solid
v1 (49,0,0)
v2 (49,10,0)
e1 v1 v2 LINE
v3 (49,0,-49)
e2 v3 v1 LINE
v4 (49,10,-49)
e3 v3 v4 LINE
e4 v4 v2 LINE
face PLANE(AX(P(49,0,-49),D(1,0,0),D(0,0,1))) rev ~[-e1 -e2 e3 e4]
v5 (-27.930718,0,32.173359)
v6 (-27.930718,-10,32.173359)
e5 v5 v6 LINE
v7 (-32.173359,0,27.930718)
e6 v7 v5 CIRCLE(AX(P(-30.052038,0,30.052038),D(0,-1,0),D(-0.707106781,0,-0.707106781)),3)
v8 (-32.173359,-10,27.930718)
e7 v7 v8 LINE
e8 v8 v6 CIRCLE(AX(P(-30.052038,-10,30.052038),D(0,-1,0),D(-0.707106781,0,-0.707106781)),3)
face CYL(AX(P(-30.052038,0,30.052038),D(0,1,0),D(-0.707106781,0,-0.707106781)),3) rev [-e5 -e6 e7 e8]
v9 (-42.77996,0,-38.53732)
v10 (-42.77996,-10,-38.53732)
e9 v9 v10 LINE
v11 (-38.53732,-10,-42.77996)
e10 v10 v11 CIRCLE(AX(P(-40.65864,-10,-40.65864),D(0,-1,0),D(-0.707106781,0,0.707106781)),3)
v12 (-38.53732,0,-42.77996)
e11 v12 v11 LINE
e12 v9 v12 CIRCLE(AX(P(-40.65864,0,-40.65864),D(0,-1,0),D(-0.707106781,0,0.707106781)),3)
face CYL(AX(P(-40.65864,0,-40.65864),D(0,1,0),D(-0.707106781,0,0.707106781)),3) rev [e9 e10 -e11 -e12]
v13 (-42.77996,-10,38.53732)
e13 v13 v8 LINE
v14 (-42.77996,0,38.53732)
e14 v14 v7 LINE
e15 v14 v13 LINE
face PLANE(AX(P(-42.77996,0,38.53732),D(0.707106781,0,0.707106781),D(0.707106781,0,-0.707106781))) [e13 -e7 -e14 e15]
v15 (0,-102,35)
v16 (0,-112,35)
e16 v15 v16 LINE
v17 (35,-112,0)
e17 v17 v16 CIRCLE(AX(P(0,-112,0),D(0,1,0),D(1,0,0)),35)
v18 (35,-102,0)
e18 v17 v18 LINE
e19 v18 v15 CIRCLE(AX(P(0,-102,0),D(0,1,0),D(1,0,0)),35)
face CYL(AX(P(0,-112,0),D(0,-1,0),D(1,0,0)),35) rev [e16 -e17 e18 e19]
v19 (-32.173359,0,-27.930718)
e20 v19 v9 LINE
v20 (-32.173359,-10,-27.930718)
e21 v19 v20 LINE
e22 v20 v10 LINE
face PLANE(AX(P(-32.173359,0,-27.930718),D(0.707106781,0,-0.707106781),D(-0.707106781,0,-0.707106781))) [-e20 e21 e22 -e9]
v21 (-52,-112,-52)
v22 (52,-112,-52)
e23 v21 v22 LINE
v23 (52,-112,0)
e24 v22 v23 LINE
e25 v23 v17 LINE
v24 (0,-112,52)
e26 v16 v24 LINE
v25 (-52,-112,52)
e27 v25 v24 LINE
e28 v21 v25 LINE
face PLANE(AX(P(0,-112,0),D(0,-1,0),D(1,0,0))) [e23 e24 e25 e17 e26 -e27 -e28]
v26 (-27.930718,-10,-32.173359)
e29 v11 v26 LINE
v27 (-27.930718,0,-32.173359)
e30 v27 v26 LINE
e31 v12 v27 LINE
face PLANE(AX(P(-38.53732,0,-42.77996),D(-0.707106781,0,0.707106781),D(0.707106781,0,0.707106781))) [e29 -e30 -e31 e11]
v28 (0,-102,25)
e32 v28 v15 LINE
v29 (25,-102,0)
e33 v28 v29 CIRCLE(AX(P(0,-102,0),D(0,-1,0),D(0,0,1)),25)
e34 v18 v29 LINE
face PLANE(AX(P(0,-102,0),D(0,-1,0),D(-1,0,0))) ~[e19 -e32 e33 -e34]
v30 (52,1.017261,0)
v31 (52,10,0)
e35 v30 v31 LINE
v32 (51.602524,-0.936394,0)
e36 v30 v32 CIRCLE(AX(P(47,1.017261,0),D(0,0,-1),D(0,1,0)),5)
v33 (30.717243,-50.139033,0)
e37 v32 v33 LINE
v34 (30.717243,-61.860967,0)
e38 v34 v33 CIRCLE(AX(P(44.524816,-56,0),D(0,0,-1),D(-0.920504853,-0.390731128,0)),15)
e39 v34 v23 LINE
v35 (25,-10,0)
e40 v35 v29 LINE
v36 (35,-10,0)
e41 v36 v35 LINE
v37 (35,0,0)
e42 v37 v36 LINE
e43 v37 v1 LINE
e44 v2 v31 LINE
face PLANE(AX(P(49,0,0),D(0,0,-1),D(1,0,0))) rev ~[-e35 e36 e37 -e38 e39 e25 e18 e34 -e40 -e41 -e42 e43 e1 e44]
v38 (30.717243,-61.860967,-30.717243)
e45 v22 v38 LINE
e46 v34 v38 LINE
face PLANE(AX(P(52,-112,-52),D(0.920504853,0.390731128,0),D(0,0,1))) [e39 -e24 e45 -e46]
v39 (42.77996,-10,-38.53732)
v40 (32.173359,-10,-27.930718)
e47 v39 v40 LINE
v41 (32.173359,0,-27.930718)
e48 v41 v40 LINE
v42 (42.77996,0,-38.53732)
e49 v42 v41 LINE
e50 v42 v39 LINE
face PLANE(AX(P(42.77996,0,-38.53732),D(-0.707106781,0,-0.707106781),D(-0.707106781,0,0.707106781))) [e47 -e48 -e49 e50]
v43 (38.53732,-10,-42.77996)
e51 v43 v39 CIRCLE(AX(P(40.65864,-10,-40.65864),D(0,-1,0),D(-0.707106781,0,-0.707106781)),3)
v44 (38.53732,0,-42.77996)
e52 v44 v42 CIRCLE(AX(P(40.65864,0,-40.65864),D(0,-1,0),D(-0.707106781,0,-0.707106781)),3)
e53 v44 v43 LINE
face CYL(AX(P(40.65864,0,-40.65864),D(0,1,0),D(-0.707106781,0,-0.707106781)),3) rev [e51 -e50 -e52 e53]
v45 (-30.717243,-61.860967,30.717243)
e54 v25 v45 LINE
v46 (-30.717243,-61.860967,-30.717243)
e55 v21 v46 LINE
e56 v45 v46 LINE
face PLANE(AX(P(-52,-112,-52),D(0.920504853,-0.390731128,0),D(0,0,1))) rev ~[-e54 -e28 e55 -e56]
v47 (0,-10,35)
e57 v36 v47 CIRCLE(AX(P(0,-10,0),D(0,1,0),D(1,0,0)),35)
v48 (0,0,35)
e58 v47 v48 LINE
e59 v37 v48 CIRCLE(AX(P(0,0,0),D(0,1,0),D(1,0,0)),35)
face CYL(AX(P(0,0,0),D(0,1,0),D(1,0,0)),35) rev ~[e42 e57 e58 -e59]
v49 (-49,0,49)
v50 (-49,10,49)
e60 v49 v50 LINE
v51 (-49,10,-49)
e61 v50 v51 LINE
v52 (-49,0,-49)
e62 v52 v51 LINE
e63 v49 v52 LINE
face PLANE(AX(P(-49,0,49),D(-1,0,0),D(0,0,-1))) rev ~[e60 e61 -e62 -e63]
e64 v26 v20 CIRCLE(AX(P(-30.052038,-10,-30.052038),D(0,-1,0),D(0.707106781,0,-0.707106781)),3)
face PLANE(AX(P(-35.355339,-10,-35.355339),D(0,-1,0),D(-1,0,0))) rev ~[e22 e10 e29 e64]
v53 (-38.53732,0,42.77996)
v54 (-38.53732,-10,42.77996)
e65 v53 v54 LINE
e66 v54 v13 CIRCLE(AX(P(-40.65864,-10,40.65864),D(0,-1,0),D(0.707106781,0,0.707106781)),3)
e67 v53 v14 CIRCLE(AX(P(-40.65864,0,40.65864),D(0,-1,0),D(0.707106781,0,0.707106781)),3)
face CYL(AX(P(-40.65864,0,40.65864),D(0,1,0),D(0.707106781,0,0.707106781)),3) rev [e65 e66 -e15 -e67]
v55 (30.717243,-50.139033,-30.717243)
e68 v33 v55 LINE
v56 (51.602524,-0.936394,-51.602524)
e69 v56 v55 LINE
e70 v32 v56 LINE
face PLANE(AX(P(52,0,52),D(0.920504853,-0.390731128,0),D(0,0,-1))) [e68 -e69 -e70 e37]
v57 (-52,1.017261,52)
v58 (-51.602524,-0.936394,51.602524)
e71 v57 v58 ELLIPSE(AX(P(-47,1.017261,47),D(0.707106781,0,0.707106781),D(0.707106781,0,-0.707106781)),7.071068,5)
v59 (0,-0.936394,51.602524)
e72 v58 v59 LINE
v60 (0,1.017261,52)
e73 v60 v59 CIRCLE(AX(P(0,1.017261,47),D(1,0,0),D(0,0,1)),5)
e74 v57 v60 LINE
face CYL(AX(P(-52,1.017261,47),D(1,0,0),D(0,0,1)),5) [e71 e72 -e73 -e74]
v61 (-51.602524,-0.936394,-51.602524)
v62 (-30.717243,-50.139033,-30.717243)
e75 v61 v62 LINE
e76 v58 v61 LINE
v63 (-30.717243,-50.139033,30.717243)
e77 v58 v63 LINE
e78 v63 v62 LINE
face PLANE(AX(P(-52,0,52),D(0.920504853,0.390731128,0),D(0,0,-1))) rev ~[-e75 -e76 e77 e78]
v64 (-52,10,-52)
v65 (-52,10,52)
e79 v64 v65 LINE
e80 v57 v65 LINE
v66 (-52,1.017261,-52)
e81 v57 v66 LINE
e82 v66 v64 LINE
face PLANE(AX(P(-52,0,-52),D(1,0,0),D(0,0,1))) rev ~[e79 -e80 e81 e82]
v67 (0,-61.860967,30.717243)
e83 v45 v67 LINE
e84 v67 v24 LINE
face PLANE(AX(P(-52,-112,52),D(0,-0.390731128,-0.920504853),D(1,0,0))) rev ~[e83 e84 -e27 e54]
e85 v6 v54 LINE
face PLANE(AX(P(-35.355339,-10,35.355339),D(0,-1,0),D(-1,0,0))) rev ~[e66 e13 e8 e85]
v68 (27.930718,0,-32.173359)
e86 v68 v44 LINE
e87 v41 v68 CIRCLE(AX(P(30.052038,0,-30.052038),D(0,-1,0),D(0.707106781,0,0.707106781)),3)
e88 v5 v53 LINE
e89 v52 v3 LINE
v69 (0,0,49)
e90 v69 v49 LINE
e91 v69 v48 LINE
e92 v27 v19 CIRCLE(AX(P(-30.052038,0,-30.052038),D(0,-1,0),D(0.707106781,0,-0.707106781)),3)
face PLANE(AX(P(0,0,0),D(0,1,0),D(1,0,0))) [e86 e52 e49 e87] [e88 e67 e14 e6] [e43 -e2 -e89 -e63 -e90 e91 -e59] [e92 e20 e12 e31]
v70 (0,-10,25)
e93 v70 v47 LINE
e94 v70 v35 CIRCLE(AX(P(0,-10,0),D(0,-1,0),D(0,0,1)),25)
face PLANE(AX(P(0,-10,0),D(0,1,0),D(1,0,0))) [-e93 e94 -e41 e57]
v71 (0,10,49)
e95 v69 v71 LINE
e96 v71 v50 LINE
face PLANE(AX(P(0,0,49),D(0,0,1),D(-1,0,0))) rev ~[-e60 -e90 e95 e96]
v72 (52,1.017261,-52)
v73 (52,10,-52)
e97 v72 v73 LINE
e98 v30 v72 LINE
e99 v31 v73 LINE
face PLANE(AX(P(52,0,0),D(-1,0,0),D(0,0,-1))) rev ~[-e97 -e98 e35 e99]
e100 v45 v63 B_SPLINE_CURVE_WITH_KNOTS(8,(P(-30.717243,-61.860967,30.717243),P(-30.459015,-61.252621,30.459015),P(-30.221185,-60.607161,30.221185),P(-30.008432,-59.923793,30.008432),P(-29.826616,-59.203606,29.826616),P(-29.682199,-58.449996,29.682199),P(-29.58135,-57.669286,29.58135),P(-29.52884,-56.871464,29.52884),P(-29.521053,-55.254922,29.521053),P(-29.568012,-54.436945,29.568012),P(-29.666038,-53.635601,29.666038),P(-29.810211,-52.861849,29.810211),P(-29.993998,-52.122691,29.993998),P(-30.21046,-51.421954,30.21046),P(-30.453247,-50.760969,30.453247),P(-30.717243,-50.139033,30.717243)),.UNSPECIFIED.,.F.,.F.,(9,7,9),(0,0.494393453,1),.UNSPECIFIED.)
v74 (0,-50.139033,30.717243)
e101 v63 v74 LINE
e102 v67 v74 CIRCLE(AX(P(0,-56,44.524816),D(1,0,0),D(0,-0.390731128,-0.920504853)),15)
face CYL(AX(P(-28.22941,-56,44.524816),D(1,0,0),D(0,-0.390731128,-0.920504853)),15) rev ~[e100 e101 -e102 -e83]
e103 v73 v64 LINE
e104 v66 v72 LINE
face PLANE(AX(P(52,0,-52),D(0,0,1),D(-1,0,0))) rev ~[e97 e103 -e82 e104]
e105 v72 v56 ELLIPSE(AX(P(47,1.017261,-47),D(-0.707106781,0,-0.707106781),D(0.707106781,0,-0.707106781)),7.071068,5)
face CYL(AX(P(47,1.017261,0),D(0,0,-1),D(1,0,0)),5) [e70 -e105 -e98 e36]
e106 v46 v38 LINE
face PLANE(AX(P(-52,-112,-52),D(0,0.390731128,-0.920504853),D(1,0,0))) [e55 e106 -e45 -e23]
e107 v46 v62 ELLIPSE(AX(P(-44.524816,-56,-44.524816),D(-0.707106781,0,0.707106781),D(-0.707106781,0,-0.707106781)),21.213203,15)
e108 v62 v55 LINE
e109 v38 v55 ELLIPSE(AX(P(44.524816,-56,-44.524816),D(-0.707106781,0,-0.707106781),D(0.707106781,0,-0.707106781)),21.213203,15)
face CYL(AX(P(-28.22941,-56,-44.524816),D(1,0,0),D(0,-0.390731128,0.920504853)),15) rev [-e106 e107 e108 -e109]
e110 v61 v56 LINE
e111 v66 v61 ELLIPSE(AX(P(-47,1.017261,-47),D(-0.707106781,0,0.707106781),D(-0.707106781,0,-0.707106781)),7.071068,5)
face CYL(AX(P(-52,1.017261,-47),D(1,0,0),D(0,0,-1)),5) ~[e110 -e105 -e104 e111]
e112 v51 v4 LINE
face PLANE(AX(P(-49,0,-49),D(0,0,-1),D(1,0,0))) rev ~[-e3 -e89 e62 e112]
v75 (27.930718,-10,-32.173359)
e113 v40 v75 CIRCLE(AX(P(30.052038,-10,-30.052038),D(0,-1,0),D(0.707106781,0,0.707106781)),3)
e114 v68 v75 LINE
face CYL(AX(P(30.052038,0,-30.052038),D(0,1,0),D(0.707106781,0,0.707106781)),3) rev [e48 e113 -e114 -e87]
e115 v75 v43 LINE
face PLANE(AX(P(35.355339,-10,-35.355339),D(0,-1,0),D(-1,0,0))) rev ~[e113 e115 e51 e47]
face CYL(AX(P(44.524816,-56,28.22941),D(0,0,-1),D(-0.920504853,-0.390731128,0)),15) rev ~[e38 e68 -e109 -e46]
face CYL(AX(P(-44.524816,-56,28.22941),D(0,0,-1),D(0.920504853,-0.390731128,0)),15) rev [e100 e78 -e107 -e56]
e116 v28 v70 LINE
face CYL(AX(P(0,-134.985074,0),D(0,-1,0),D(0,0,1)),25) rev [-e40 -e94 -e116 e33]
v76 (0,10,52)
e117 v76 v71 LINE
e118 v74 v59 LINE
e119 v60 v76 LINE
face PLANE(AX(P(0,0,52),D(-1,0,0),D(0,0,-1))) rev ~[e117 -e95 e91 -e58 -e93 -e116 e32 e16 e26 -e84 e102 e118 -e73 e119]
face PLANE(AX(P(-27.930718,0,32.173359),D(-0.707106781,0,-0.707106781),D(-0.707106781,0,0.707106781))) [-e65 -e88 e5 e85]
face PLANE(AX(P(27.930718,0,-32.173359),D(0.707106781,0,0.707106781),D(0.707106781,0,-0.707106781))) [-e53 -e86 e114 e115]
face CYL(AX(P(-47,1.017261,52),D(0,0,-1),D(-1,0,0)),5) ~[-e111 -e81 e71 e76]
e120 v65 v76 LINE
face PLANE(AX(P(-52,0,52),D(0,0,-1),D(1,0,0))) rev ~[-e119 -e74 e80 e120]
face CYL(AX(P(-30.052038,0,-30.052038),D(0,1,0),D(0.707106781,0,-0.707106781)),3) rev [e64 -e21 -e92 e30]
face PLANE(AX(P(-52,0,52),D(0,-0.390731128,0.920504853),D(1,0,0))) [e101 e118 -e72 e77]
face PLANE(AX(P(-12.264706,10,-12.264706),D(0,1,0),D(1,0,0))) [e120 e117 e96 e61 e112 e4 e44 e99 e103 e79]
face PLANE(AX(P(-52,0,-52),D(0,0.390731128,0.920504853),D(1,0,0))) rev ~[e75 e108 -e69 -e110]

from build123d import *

# Parameters (mm, degrees)
ESQUISSE1_W                  = 104
ESQUISSE1_H                  = 104
BOSS_EXTRU_2_DEPTH           = 56
BOSS_EXTRU_2_DRAFT           = -23
SYM_TRIE1_COPY_1_SKETCH_W    = 104
SYM_TRIE1_COPY_1_SKETCH_H    = 104
SYM_TRIE1_COPY_1_DEPTH       = 56
SYM_TRIE1_COPY_1_DRAFT       = -23
ENL_V_MAT_EXTRU_1_DEPTH      = 134.985073796
ENL_V_MAT_EXTRU_1_DEPTH_BACK = 134.985073796
ESQUISSE2_R                  = 25
CONG_1_R                     = 15
ESQUISSE3_W                  = 52
ESQUISSE3_H                  = 52
ENL_V_MAT_EXTRU_2_DEPTH      = 134.985073796
ESQUISSE4_R                  = 35
ENL_V_MAT_EXTRU_3_DEPTH      = 10
BOSS_EXTRU_3_DEPTH           = 10
CONG_2_R                     = 5
ENL_V_MAT_EXTRU_4_DEPTH      = 10


with BuildPart() as part:
    # Esquisse1 → Boss.-Extru.2 (with draft: the straight prism first)
    with BuildSketch(Plane(origin=(0, 0, 0), x_dir=(1, 0, 0), z_dir=(0, 1, 0))):
        Rectangle(ESQUISSE1_W, ESQUISSE1_H)
    extrude(amount=-BOSS_EXTRU_2_DEPTH)
    # Boss.-Extru.2: the draft: its side faces are tilted about the plane it starts from
    boss_extru_2_sides = [part.faces().sort_by_distance(p)[0] for p in [
        (-52, -28, 0),
        (0, -28, 52),
        (52, -28, 0),
        (0, -28, -52),
    ]]
    draft(boss_extru_2_sides, Plane(origin=(0, 0, 0), x_dir=(1, 0, 0), z_dir=(0, 1, 0)), BOSS_EXTRU_2_DRAFT)


with BuildPart() as sym_trie1_copy_1_tool:
    # Symétrie1 copy 1 sketch → Symétrie1 copy 1 (with draft: the straight prism first)
    with BuildSketch(Plane.XZ.offset(112)):
        Rectangle(SYM_TRIE1_COPY_1_SKETCH_W, SYM_TRIE1_COPY_1_SKETCH_H)
    extrude(amount=-SYM_TRIE1_COPY_1_DEPTH)
    # Symétrie1 copy 1: the draft: its side faces are tilted about the plane it starts from
    sym_trie1_copy_1_sides = [sym_trie1_copy_1_tool.faces().sort_by_distance(p)[0] for p in [
        (-52, -84, 0),
        (0, -84, 52),
        (52, -84, 0),
        (0, -84, -52),
    ]]
    draft(sym_trie1_copy_1_sides, Plane.XZ.offset(112), SYM_TRIE1_COPY_1_DRAFT)


with BuildPart() as part_1:
    add(part.part)

    # Symétrie1 copy 1: add sym_trie1_copy_1_tool
    add(sym_trie1_copy_1_tool.part)

    # Esquisse2 → Enlèv. mat.-Extru.1 (cut, two sides: drawn at the far end of the back side and taken through both)
    with BuildSketch(Plane(origin=(0, 0, 0), x_dir=(1, 0, 0), z_dir=(0, 1, 0)).offset(-ENL_V_MAT_EXTRU_1_DEPTH_BACK)):
        with Locations(Location((0, 0, 0), (0, 0, 270))):
            Circle(ESQUISSE2_R)
    extrude(amount=ENL_V_MAT_EXTRU_1_DEPTH + ENL_V_MAT_EXTRU_1_DEPTH_BACK, mode=Mode.SUBTRACT)

    # Congé1
    cong_1_edges = [part_1.edges().sort_by_distance(p)[0] for p in [
        (-28.229410292, -56, 0),
        (0, -56, 28.229410292),
        (28.229410292, -56, 0),
        (0, -56, -28.229410292),
    ]]
    fillet(cong_1_edges, radius=CONG_1_R)

    # Esquisse3 → Enlèv. mat.-Extru.2 (cut, through all)
    with BuildSketch(Plane(origin=(0, 0, 0), x_dir=(1, 0, 0), z_dir=(0, 1, 0))):
        with Locations((26, -26)):
            Rectangle(ESQUISSE3_W, ESQUISSE3_H)
    extrude(amount=-ENL_V_MAT_EXTRU_2_DEPTH, mode=Mode.SUBTRACT)

    # Esquisse4 → Enlèv. mat.-Extru.3 (cut)
    with BuildSketch(Plane(origin=(0, 0, 0), x_dir=(1, 0, 0), z_dir=(0, 1, 0))):
        Circle(ESQUISSE4_R)
    enl_v_mat_extru_3 = extrude(amount=-ENL_V_MAT_EXTRU_3_DEPTH, mode=Mode.SUBTRACT)

    # Symétrie2: Enlèv. mat.-Extru.3 across plane
    add(enl_v_mat_extru_3.mirror(Plane.ZX.offset(-56)), mode=Mode.SUBTRACT)

    # Esquisse7 → Boss.-Extru.3 (add)
    with BuildSketch(Plane(origin=(0, 0, 0), x_dir=(1, 0, 0), z_dir=(0, 1, 0))):
        Polygon((-52, -52), (0, -52), (0, -49), (-49, -49), (-49, 49), (49, 49), (49, 0), (52, 0), (52, 52), (-52, 52), align=None)
    extrude(amount=BOSS_EXTRU_3_DEPTH)

    # Congé2
    cong_2_edges = [part_1.edges().sort_by_distance(p)[0] for p in [
        (-26, 0, 52),
        (-52, 0, 0),
        (0, 0, -52),
        (52, 0, -26),
    ]]
    fillet(cong_2_edges, radius=CONG_2_R)

    # Esquisse8 → Enlèv. mat.-Extru.4 (cut)
    with BuildSketch(Plane(origin=(0, 0, 0), x_dir=(1, 0, 0), z_dir=(0, 1, 0))):
        with BuildLine():
            Line((-38.537319575, 42.779960262), (-27.930717857, 32.173358544))
            ThreePointArc((-27.930717857, 32.173358544), (-27.930717857, 27.930717857), (-32.173358544, 27.930717857))
            Line((-32.173358544, 27.930717857), (-42.779960262, 38.537319575))
            ThreePointArc((-42.779960262, 38.537319575), (-42.779960262, 42.779960262), (-38.537319575, 42.779960262))
        make_face()
        with BuildLine():
            Line((42.779960262, 38.537319575), (32.173358544, 27.930717857))
            ThreePointArc((32.173358544, 27.930717857), (27.930717857, 27.930717857), (27.930717857, 32.173358544))
            Line((27.930717857, 32.173358544), (38.537319575, 42.779960262))
            ThreePointArc((38.537319575, 42.779960262), (42.779960262, 42.779960262), (42.779960262, 38.537319575))
        make_face()
        with BuildLine():
            Line((38.537319575, -42.779960262), (27.930717857, -32.173358544))
            ThreePointArc((27.930717857, -32.173358544), (27.930717857, -27.930717857), (32.173358544, -27.930717857))
            Line((32.173358544, -27.930717857), (42.779960262, -38.537319575))
            ThreePointArc((42.779960262, -38.537319575), (42.779960262, -42.779960262), (38.537319575, -42.779960262))
        make_face()
        with BuildLine():
            Line((-42.779960262, -38.537319575), (-32.173358544, -27.930717857))
            ThreePointArc((-32.173358544, -27.930717857), (-27.930717857, -27.930717857), (-27.930717857, -32.173358544))
            Line((-27.930717857, -32.173358544), (-38.537319575, -42.779960262))
            ThreePointArc((-38.537319575, -42.779960262), (-42.779960262, -42.779960262), (-42.779960262, -38.537319575))
        make_face()
    extrude(amount=-ENL_V_MAT_EXTRU_4_DEPTH, mode=Mode.SUBTRACT)


solid = part_1.part
